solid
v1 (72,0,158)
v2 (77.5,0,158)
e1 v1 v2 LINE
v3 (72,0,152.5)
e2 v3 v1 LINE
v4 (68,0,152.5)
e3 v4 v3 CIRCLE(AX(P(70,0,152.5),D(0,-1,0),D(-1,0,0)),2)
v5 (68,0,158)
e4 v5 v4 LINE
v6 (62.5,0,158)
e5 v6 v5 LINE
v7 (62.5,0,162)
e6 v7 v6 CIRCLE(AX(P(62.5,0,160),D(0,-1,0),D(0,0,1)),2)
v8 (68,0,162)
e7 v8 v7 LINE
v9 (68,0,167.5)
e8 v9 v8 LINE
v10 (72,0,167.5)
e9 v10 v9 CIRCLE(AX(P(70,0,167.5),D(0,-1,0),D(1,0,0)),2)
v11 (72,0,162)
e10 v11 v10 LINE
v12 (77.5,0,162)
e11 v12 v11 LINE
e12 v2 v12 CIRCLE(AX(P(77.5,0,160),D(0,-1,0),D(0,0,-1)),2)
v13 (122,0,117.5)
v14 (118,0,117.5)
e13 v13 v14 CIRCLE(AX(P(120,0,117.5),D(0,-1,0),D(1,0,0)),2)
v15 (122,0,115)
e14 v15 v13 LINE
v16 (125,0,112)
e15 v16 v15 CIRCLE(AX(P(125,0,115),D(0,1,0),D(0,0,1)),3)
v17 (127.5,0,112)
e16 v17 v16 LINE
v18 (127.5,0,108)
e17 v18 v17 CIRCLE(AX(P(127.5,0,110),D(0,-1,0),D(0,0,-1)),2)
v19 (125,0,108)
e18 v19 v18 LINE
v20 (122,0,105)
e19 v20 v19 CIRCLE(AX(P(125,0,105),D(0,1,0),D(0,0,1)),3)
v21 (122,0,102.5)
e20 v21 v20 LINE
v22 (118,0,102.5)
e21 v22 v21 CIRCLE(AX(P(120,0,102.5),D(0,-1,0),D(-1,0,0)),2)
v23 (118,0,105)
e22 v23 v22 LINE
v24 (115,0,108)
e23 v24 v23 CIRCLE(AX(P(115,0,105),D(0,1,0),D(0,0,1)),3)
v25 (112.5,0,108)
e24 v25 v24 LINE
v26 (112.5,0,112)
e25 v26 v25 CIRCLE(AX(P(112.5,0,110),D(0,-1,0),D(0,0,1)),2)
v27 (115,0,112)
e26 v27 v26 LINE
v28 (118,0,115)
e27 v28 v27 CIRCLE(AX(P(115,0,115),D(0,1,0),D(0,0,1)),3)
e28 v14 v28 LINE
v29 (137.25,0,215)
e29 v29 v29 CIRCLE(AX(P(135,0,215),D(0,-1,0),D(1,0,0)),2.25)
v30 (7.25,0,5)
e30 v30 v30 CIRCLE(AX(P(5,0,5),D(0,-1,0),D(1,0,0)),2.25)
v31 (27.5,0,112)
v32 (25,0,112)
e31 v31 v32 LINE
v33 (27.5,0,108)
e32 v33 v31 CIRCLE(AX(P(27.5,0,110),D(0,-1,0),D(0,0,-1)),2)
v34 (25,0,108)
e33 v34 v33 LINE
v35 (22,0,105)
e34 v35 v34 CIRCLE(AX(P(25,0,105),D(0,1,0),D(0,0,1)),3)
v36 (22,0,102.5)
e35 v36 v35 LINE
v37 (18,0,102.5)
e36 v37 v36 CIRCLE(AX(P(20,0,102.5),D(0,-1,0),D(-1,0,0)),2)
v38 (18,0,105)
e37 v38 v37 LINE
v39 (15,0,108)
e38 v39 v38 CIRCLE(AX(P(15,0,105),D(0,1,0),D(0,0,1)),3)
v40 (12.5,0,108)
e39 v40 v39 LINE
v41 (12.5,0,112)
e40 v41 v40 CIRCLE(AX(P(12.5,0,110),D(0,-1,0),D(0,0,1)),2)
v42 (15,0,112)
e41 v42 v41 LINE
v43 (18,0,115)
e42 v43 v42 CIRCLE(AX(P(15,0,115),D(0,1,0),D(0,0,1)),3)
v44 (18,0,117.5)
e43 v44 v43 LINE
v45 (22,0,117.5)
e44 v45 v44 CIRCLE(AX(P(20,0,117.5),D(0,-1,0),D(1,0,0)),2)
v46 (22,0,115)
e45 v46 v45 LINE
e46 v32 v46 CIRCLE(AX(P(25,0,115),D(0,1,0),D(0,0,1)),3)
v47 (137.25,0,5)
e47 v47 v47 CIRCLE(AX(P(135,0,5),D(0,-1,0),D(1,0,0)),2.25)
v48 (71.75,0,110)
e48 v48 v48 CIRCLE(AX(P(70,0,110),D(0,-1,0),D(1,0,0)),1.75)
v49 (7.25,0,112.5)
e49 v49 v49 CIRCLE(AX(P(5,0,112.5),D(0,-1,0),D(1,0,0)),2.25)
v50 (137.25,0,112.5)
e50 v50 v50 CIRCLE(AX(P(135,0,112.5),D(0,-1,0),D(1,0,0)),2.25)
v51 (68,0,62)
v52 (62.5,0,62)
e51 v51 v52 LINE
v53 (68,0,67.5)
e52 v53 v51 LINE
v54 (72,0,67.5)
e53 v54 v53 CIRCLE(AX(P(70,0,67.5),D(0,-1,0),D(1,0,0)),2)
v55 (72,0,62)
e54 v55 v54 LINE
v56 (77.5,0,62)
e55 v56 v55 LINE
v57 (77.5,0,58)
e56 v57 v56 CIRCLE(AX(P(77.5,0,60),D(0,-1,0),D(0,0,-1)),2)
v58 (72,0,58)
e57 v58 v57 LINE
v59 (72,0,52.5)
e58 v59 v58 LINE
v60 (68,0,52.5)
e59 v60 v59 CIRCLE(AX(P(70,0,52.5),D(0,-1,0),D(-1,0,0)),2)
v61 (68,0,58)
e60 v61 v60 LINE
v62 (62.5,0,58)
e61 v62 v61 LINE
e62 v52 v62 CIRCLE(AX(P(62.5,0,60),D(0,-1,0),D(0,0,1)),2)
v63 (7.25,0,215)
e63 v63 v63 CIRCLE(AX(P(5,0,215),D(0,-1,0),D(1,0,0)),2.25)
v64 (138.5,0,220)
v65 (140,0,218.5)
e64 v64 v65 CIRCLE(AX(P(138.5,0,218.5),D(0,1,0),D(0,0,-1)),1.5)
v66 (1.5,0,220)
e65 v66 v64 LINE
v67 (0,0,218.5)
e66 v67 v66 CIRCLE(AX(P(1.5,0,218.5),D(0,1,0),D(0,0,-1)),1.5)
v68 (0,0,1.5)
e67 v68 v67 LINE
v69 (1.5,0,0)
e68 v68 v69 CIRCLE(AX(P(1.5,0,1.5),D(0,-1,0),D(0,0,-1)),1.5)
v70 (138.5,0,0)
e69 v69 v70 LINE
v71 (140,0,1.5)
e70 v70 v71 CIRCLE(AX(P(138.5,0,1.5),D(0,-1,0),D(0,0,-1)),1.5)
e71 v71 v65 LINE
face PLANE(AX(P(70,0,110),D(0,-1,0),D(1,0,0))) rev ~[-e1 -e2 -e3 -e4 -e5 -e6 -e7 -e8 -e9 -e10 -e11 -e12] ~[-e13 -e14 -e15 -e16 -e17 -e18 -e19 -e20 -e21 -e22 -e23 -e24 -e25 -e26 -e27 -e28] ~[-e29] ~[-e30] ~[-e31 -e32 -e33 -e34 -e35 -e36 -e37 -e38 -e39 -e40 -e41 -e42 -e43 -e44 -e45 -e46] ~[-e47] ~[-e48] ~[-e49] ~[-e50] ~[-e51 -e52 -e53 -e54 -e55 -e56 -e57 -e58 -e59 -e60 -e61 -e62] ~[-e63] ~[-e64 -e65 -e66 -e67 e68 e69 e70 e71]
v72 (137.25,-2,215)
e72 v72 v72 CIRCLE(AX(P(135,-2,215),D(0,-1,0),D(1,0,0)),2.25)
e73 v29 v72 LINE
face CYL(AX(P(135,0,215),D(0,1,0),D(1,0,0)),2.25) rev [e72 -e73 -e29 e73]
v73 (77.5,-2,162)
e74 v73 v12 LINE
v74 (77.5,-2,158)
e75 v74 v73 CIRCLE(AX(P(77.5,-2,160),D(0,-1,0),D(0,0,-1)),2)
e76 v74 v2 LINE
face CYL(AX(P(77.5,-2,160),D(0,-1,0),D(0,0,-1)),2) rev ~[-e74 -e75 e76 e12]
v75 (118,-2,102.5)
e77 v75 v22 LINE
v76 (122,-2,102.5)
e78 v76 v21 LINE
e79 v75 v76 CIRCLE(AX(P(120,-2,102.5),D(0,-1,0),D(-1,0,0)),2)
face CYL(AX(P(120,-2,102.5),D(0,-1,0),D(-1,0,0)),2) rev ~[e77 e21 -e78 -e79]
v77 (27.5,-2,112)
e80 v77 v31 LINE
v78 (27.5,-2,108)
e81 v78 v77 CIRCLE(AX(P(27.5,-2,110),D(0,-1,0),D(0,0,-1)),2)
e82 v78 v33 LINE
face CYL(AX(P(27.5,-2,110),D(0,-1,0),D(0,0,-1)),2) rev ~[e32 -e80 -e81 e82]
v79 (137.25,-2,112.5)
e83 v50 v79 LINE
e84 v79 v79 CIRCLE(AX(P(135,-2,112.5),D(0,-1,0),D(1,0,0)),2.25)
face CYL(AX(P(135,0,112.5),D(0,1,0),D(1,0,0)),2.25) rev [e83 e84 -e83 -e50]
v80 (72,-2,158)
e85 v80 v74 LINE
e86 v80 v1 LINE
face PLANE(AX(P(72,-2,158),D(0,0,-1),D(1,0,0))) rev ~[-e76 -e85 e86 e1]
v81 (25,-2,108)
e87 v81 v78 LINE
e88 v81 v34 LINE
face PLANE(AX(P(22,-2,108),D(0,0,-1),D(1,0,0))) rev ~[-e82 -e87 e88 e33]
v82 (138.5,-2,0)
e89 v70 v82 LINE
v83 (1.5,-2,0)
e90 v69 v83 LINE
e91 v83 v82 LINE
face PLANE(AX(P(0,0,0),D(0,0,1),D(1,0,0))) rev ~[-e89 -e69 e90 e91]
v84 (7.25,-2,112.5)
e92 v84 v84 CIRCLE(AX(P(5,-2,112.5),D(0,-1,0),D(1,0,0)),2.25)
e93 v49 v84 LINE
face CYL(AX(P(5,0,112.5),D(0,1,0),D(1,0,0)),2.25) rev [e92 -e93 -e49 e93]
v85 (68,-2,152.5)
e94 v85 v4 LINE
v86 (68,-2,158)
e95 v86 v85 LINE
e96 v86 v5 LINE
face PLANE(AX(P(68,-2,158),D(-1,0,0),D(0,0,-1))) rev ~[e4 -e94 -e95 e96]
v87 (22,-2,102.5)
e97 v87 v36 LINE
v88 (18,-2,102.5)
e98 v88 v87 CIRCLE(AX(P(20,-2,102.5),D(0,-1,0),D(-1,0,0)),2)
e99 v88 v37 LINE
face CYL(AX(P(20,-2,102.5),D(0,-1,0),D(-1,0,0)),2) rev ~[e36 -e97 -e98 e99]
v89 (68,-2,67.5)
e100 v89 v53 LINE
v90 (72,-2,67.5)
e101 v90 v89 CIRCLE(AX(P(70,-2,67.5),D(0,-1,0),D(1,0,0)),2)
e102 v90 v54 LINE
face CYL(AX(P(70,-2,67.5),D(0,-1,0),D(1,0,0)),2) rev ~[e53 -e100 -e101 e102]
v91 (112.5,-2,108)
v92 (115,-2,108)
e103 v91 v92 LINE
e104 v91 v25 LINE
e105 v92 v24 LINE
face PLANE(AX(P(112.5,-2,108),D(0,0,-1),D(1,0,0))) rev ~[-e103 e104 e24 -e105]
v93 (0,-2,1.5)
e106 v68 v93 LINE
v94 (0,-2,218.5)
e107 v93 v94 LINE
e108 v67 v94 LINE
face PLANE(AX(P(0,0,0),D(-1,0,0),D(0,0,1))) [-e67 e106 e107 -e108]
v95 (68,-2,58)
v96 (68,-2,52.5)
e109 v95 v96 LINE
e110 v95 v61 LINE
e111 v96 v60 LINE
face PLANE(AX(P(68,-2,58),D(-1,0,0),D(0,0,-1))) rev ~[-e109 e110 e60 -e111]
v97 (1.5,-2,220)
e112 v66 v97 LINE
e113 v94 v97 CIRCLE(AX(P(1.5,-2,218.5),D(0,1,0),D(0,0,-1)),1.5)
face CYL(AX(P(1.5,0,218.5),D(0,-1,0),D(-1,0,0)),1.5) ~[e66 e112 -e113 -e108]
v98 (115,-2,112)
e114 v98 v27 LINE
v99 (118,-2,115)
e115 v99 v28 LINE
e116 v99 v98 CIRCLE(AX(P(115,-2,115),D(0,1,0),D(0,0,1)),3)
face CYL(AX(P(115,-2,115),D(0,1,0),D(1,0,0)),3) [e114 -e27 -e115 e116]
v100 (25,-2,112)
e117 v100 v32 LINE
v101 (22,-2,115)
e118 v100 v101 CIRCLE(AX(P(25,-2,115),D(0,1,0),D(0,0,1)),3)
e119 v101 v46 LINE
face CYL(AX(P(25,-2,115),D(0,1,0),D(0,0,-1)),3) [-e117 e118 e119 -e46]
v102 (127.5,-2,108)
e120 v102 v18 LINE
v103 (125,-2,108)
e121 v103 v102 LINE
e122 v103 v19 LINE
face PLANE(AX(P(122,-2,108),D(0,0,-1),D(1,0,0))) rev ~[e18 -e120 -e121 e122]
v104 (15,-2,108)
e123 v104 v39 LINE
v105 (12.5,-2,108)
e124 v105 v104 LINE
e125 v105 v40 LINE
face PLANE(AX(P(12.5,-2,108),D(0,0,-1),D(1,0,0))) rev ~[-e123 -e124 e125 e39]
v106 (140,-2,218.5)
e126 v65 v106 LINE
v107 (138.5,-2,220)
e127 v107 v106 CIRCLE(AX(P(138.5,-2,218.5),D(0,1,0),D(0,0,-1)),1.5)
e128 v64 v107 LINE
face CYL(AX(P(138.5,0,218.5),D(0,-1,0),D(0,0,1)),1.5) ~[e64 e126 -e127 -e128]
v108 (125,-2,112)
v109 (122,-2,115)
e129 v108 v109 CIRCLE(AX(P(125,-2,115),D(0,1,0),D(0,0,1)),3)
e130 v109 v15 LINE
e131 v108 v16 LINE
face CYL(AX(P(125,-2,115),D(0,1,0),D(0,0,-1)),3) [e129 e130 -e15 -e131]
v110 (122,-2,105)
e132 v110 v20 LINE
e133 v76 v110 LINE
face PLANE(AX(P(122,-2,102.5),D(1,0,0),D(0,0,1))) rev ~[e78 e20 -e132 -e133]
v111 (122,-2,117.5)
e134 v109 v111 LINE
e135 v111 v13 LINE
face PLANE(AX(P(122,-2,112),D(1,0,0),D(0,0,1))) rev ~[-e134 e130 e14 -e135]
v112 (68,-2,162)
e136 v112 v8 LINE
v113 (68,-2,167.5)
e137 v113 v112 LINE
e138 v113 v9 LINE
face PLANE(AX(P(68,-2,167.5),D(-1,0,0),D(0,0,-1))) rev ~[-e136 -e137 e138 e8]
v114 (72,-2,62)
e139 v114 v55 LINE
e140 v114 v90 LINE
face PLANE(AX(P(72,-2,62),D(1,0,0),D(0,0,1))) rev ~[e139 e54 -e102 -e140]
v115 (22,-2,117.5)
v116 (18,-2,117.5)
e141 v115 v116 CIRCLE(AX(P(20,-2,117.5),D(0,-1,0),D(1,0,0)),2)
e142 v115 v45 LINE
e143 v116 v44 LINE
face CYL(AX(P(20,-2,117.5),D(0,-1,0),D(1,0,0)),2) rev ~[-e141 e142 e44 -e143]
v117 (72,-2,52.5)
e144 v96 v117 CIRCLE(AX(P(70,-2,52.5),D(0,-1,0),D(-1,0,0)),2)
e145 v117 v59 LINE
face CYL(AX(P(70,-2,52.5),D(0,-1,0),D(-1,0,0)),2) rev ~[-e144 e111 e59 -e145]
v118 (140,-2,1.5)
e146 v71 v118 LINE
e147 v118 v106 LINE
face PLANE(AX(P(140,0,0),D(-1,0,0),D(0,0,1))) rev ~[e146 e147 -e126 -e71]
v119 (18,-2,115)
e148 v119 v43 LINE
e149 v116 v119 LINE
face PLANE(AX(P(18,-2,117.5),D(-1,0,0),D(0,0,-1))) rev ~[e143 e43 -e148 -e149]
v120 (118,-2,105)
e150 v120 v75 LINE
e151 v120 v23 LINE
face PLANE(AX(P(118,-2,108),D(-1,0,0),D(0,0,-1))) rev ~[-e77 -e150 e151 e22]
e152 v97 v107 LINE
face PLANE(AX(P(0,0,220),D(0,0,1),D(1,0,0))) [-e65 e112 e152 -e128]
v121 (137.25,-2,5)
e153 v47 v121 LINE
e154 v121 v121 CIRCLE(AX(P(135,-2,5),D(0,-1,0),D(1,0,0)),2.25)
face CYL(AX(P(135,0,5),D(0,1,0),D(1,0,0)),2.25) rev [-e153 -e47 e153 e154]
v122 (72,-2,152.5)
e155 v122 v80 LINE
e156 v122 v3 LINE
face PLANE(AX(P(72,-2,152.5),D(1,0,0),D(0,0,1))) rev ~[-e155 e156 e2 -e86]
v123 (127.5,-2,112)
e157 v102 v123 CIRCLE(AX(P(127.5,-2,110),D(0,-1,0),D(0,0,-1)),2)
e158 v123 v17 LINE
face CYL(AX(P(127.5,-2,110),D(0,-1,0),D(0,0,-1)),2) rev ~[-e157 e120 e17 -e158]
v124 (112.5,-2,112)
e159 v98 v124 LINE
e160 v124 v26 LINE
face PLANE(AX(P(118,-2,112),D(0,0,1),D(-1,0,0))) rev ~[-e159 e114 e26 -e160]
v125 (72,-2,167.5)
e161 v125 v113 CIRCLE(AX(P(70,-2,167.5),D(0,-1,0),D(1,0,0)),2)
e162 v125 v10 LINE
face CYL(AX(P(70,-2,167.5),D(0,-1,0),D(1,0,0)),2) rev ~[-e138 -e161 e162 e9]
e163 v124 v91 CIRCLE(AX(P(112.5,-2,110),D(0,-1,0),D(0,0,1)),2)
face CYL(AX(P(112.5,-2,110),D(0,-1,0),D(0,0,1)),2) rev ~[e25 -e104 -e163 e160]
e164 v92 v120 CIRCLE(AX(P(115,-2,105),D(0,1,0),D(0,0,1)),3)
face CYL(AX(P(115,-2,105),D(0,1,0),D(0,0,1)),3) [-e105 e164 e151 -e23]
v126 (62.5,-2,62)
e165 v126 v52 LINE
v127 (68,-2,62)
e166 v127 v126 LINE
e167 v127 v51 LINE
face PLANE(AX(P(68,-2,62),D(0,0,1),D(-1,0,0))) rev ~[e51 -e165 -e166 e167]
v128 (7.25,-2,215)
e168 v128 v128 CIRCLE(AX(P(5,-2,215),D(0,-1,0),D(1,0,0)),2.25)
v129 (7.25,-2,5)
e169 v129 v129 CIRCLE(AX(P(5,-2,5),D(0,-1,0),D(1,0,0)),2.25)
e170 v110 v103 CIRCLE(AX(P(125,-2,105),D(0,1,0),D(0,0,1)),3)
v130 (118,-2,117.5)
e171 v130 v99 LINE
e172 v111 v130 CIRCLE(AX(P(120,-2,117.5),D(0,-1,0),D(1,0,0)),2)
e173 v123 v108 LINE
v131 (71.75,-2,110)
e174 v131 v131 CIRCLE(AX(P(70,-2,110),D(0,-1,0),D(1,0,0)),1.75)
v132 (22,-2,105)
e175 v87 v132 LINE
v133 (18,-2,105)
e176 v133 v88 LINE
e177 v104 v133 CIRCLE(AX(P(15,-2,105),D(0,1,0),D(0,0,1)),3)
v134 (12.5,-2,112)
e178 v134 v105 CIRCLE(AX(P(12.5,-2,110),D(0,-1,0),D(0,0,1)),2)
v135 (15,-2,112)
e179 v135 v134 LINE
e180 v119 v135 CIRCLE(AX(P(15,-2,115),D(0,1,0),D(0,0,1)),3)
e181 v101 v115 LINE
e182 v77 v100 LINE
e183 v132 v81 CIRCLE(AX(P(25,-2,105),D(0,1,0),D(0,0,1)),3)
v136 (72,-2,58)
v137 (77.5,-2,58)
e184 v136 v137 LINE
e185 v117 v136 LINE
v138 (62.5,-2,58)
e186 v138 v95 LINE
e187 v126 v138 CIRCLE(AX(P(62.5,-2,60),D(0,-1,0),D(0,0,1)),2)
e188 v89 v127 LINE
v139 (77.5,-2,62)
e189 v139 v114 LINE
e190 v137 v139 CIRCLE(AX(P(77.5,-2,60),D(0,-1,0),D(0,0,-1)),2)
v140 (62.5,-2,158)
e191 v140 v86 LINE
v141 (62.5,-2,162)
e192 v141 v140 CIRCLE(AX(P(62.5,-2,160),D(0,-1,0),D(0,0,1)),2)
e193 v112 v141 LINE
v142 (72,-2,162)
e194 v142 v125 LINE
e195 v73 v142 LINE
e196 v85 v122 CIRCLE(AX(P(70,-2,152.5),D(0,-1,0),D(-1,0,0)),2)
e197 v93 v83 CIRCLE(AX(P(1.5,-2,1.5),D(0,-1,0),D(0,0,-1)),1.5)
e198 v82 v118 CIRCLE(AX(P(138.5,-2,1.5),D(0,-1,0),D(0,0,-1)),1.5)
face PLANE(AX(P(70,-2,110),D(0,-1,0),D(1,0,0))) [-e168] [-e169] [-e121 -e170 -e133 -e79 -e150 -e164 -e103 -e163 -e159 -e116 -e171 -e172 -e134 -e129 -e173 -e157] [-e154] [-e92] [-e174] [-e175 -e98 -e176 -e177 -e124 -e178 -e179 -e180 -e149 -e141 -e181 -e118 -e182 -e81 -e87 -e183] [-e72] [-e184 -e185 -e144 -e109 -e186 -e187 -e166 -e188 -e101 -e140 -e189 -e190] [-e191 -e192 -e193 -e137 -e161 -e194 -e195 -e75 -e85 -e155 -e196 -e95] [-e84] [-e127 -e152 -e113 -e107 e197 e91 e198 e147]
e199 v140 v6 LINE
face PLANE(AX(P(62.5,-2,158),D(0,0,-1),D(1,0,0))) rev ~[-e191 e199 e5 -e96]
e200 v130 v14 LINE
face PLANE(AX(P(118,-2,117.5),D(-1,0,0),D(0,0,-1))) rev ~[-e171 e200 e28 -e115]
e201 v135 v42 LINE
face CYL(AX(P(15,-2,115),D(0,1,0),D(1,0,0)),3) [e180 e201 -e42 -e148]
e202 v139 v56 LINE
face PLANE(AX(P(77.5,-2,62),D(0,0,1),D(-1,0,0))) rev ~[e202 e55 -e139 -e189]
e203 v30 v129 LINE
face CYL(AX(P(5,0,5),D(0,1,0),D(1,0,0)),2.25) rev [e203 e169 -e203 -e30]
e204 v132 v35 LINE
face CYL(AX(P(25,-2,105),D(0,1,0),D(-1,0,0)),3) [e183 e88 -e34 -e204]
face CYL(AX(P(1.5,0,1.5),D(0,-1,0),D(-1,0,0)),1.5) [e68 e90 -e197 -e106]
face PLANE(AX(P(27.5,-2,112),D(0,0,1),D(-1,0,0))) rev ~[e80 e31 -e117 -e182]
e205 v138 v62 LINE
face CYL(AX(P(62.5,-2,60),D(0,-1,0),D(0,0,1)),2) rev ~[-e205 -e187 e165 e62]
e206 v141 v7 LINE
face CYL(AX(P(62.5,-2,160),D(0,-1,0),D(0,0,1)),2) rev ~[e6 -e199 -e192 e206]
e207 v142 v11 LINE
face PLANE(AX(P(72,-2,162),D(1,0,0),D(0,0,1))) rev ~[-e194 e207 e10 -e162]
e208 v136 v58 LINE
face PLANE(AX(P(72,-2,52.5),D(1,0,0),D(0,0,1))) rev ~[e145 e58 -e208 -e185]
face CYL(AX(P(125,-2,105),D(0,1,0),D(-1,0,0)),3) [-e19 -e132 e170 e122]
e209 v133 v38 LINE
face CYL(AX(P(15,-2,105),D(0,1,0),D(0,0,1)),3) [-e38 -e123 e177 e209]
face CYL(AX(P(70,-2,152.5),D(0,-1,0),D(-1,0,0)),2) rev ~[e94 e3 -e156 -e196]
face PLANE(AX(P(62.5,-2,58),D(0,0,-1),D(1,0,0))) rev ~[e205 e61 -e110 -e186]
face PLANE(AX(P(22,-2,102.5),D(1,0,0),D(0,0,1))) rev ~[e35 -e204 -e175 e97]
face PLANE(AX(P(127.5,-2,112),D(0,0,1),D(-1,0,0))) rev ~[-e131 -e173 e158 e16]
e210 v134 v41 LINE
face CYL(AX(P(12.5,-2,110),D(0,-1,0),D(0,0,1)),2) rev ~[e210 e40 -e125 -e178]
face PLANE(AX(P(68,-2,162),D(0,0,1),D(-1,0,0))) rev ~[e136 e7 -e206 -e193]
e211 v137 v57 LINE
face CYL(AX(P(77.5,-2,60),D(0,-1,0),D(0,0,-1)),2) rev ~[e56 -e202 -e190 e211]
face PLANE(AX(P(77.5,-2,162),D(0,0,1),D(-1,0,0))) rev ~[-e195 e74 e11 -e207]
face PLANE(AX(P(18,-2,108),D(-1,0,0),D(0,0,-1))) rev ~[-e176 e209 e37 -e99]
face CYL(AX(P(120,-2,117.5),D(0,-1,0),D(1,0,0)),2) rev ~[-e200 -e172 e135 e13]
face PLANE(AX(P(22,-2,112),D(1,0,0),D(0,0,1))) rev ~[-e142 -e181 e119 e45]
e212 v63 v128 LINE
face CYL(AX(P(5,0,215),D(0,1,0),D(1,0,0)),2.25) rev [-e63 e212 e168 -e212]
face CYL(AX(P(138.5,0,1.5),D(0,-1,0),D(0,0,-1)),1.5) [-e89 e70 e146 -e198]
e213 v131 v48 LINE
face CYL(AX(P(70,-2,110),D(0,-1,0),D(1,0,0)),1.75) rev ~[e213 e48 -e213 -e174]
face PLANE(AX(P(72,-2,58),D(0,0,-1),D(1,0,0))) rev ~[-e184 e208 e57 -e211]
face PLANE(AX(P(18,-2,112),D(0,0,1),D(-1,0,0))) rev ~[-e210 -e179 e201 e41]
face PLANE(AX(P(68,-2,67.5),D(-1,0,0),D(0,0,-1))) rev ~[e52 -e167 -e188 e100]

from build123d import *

# Parameters (mm, degrees)
F0_W     = 140
F0_H     = 220
F0_R     = 2.25
F1_DEPTH = 2
F2_W     = 2
F2_H     = 2
F2_R     = 1.75
F3_DEPTH = 2
F4_R     = 3
F5_R     = 1.5


with BuildPart() as f1:
    # F0 (on Front) → F1 (new body)
    with BuildSketch(Plane.XZ):
        with Locations((70, 110)):
            Rectangle(F0_W, F0_H)
        with Locations((5, 5)):
            Circle(F0_R, mode=Mode.SUBTRACT)
        with Locations((135, 5)):
            Circle(F0_R, mode=Mode.SUBTRACT)
        with Locations((5, 112.5)):
            Circle(F0_R, mode=Mode.SUBTRACT)
        with Locations((5, 215)):
            Circle(F0_R, mode=Mode.SUBTRACT)
        with Locations((135, 112.5)):
            Circle(F0_R, mode=Mode.SUBTRACT)
        with Locations((135, 215)):
            Circle(F0_R, mode=Mode.SUBTRACT)
    extrude(amount=F1_DEPTH)

    # F2 (on face) → F3 (cut)
    with BuildSketch(Plane.XZ.offset(2)):
        with Locations((21, 111)):
            Rectangle(F2_W, F2_H)
        with Locations((19, 111)):
            Rectangle(F2_W, F2_H)
        with BuildLine():
            Line((18, 112), (20, 112))
            Line((20, 112), (22, 112))
            Line((22, 112), (22, 117.5))
            ThreePointArc((22, 117.5), (20, 119.5), (18, 117.5))
            Line((18, 117.5), (18, 112))
        make_face()
        with Locations((21, 109)):
            Rectangle(F2_W, F2_H)
        with Locations((19, 109)):
            Rectangle(F2_W, F2_H)
        with BuildLine():
            Line((18, 110), (18, 112))
            Line((18, 112), (12.5, 112))
            ThreePointArc((12.5, 112), (10.5, 110), (12.5, 108))
            Line((12.5, 108), (18, 108))
            Line((18, 108), (18, 110))
        make_face()
        with BuildLine():
            Line((27.5, 112), (22, 112))
            Line((22, 112), (22, 110))
            Line((22, 110), (22, 108))
            Line((22, 108), (27.5, 108))
            ThreePointArc((27.5, 108), (29.5, 110), (27.5, 112))
        make_face()
        with BuildLine():
            Line((22, 108), (20, 108))
            Line((20, 108), (18, 108))
            Line((18, 108), (18, 102.5))
            ThreePointArc((18, 102.5), (20, 100.5), (22, 102.5))
            Line((22, 102.5), (22, 108))
        make_face()
        with Locations((121, 111)):
            Rectangle(F2_W, F2_H)
        with Locations((119, 111)):
            Rectangle(F2_W, F2_H)
        with BuildLine():
            Line((118, 112), (120, 112))
            Line((120, 112), (122, 112))
            Line((122, 112), (122, 117.5))
            ThreePointArc((122, 117.5), (120, 119.5), (118, 117.5))
            Line((118, 117.5), (118, 112))
        make_face()
        with Locations((121, 109)):
            Rectangle(F2_W, F2_H)
        with Locations((119, 109)):
            Rectangle(F2_W, F2_H)
        with BuildLine():
            Line((118, 110), (118, 112))
            Line((118, 112), (112.5, 112))
            ThreePointArc((112.5, 112), (110.5, 110), (112.5, 108))
            Line((112.5, 108), (118, 108))
            Line((118, 108), (118, 110))
        make_face()
        with BuildLine():
            Line((127.5, 112), (122, 112))
            Line((122, 112), (122, 110))
            Line((122, 110), (122, 108))
            Line((122, 108), (127.5, 108))
            ThreePointArc((127.5, 108), (129.5, 110), (127.5, 112))
        make_face()
        with BuildLine():
            Line((122, 108), (120, 108))
            Line((120, 108), (118, 108))
            Line((118, 108), (118, 102.5))
            ThreePointArc((118, 102.5), (120, 100.5), (122, 102.5))
            Line((122, 102.5), (122, 108))
        make_face()
        with Locations((70, 110)):
            Circle(F2_R)
        with Locations((71, 161)):
            Rectangle(F2_W, F2_H)
        with BuildLine():
            Line((68, 162), (70, 162))
            Line((70, 162), (72, 162))
            Line((72, 162), (72, 167.5))
            ThreePointArc((72, 167.5), (70, 169.5), (68, 167.5))
            Line((68, 167.5), (68, 162))
        make_face()
        with Locations((69, 161)):
            Rectangle(F2_W, F2_H)
        with Locations((71, 159)):
            Rectangle(F2_W, F2_H)
        with Locations((69, 159)):
            Rectangle(F2_W, F2_H)
        with BuildLine():
            Line((77.5, 162), (72, 162))
            Line((72, 162), (72, 160))
            Line((72, 160), (72, 158))
            Line((72, 158), (77.5, 158))
            ThreePointArc((77.5, 158), (79.5, 160), (77.5, 162))
        make_face()
        with BuildLine():
            Line((68, 160), (68, 162))
            Line((68, 162), (62.5, 162))
            ThreePointArc((62.5, 162), (60.5, 160), (62.5, 158))
            Line((62.5, 158), (68, 158))
            Line((68, 158), (68, 160))
        make_face()
        with BuildLine():
            Line((72, 158), (70, 158))
            Line((70, 158), (68, 158))
            Line((68, 158), (68, 152.5))
            ThreePointArc((68, 152.5), (70, 150.5), (72, 152.5))
            Line((72, 152.5), (72, 158))
        make_face()
        with BuildLine():
            ThreePointArc((77.5, 58), (79.5, 60), (77.5, 62))
            Line((77.5, 62), (72, 62))
            Line((72, 62), (72, 60))
            Line((72, 60), (72, 58))
            Line((72, 58), (77.5, 58))
        make_face()
        with Locations((71, 61)):
            Rectangle(F2_W, F2_H)
        with BuildLine():
            Line((70, 62), (72, 62))
            Line((72, 62), (72, 67.5))
            ThreePointArc((72, 67.5), (70, 69.5), (68, 67.5))
            Line((68, 67.5), (68, 62))
            Line((68, 62), (70, 62))
        make_face()
        with Locations((69, 61)):
            Rectangle(F2_W, F2_H)
        with Locations((71, 59)):
            Rectangle(F2_W, F2_H)
        with BuildLine():
            Line((72, 52.5), (72, 58))
            Line((72, 58), (70, 58))
            Line((70, 58), (68, 58))
            Line((68, 58), (68, 52.5))
            ThreePointArc((68, 52.5), (70, 50.5), (72, 52.5))
        make_face()
        with BuildLine():
            Line((68, 60), (68, 62))
            Line((68, 62), (62.5, 62))
            ThreePointArc((62.5, 62), (60.5, 60), (62.5, 58))
            Line((62.5, 58), (68, 58))
            Line((68, 58), (68, 60))
        make_face()
        with Locations((69, 59)):
            Rectangle(F2_W, F2_H)
    extrude(amount=-F3_DEPTH, mode=Mode.SUBTRACT)

    # F4
    f4_edges = [f1.edges().sort_by_distance(p)[0] for p in [
        (18, -1, 112),
        (22, -1, 112),
        (18, -1, 108),
        (22, -1, 108),
        (118, -1, 112),
        (122, -1, 112),
        (118, -1, 108),
        (122, -1, 108),
    ]]
    fillet(f4_edges, radius=F4_R)

    # F5
    f5_edges = [f1.edges().sort_by_distance(p)[0] for p in [
        (0, -1, 220),
        (140, -1, 220),
        (0, -1, 0),
        (140, -1, 0),
    ]]
    fillet(f5_edges, radius=F5_R)


solid = f1.part
